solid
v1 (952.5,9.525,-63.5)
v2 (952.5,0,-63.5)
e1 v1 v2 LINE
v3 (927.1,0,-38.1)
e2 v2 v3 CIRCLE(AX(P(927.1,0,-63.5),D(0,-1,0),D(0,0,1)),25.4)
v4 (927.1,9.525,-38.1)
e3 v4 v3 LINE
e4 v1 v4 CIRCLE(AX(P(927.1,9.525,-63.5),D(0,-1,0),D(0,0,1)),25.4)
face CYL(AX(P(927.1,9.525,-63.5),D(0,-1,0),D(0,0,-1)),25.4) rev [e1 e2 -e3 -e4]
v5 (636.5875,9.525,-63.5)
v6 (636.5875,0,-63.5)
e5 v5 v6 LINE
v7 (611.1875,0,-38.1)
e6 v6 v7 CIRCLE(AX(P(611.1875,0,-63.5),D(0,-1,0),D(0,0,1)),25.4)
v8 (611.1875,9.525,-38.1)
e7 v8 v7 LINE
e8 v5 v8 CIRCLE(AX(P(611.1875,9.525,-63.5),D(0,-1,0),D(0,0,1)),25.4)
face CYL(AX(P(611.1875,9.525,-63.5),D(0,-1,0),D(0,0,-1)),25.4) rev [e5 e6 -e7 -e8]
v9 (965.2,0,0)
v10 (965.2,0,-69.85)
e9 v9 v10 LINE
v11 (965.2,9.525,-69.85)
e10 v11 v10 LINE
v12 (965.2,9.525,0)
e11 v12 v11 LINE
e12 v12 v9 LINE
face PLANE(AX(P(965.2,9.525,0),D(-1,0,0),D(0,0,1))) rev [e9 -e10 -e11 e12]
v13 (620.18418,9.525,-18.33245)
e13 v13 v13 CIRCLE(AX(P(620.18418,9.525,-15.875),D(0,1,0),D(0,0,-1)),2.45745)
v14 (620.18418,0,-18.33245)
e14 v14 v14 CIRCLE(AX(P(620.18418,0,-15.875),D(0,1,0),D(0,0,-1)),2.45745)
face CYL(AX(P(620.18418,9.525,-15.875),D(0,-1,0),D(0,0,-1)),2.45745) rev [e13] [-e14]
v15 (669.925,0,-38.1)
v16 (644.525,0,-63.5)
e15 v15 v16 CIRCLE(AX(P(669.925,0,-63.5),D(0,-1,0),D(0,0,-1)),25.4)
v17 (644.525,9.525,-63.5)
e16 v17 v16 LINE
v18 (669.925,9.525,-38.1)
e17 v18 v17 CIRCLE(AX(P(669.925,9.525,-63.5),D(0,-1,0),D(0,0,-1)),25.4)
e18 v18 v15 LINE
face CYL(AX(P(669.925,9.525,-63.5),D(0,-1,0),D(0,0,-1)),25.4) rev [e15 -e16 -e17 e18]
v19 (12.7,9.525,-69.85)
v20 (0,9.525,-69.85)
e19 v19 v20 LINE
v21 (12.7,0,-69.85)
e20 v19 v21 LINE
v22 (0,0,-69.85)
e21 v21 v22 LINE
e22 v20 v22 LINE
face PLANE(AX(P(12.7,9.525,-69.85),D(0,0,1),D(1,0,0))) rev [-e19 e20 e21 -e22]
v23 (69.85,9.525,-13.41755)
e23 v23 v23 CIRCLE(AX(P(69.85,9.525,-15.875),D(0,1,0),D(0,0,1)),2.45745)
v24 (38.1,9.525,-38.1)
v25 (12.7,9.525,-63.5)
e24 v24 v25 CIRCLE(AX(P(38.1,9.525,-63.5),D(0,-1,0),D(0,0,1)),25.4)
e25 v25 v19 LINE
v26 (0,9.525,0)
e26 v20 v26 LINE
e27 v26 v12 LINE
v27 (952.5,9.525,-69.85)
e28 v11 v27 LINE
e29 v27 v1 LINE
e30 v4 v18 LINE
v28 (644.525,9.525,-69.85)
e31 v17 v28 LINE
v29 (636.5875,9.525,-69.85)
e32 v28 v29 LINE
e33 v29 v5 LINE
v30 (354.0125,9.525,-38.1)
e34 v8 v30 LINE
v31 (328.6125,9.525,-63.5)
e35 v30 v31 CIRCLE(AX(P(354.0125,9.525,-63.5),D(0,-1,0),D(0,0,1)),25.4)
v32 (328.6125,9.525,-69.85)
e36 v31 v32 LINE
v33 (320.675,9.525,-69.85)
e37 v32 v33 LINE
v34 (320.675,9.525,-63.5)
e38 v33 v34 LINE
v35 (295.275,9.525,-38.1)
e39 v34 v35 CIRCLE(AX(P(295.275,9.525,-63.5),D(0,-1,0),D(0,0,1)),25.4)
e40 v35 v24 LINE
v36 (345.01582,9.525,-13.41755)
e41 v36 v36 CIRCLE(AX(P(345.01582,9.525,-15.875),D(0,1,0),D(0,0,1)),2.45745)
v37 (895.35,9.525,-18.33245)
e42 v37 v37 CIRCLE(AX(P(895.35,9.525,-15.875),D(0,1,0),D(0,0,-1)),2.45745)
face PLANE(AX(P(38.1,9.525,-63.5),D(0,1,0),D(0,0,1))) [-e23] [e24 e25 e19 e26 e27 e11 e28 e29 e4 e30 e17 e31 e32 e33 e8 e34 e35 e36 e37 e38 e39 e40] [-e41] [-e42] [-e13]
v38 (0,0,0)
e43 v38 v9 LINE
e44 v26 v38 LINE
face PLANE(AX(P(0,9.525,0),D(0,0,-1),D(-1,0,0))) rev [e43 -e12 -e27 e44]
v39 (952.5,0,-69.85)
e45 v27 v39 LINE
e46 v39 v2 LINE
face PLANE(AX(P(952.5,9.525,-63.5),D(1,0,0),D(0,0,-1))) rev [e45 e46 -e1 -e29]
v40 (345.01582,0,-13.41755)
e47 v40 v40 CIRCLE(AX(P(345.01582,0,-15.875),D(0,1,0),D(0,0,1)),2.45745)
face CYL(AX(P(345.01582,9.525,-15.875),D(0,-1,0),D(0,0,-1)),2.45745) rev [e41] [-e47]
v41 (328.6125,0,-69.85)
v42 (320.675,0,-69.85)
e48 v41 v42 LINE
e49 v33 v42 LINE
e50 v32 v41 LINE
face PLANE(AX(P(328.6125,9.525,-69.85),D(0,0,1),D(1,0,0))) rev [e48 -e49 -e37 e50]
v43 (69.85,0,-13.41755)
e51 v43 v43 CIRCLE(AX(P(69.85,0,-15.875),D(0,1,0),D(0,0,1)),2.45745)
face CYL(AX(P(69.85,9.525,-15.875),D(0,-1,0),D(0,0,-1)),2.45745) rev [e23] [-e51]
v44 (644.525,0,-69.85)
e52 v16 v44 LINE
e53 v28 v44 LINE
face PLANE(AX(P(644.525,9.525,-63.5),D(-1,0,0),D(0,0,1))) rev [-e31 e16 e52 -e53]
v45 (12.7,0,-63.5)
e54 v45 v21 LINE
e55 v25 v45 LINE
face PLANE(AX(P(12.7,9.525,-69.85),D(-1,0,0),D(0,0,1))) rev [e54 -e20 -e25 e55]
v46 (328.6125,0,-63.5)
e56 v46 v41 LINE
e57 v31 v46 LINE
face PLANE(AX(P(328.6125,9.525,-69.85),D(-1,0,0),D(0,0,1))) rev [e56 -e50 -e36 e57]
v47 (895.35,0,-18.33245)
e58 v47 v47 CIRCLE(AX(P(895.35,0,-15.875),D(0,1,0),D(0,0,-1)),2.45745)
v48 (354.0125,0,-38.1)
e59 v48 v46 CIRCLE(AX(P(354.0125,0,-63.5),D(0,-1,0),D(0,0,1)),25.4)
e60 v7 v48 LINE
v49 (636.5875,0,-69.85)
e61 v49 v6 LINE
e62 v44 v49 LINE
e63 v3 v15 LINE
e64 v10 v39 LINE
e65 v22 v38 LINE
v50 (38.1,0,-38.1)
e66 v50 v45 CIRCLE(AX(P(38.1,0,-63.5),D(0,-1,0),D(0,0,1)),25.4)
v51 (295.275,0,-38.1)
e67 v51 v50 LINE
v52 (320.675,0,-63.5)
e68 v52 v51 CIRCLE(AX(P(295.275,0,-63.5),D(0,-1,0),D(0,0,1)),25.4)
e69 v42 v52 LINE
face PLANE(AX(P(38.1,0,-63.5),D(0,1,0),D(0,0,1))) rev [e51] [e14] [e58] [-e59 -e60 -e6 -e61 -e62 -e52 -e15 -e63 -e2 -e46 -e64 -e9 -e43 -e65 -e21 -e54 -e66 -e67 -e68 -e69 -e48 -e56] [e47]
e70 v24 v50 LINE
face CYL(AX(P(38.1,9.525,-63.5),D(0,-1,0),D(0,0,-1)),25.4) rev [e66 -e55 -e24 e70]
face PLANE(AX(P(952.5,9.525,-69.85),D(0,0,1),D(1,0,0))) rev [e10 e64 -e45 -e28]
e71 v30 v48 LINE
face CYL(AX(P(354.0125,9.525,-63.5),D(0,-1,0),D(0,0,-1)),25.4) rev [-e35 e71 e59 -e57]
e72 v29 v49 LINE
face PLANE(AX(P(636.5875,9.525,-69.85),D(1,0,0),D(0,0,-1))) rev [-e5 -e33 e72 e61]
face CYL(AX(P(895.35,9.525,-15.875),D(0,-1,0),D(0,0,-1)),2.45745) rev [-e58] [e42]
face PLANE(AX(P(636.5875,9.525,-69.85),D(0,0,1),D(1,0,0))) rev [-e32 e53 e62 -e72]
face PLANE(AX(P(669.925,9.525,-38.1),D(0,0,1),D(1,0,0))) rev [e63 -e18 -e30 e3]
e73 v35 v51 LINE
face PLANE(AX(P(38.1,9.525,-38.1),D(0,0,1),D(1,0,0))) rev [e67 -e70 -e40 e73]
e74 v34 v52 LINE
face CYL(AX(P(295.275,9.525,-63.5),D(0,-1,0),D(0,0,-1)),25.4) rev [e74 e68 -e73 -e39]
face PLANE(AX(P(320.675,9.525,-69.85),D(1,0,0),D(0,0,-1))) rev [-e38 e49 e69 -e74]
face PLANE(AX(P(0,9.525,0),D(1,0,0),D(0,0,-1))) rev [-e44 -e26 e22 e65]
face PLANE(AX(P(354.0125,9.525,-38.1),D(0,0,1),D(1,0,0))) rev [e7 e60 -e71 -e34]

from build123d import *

# Parameters (mm, degrees)
SKETCH1_R           = 2.45745
BOSS_EXTRUDE1_DEPTH = 9.525


with BuildPart() as part:
    # Sketch1 → Boss-Extrude1 (new body)
    with BuildSketch(Plane(origin=(0, 0, 0), x_dir=(1, 0, 0), z_dir=(0, 1, 0))):
        with BuildLine():
            Line((0, 0), (965.2, 0))
            Line((965.2, 0), (965.2, 69.85))
            Line((965.2, 69.85), (952.5, 69.85))
            Line((952.5, 69.85), (952.5, 63.5))
            ThreePointArc((952.5, 63.5), (945.060512242, 45.539487758), (927.1, 38.1))
            Line((927.1, 38.1), (669.925, 38.1))
            ThreePointArc((669.925, 38.1), (651.964487758, 45.539487758), (644.525, 63.5))
            Line((644.525, 63.5), (644.525, 69.85))
            Line((644.525, 69.85), (636.5875, 69.85))
            Line((636.5875, 69.85), (636.5875, 63.5))
            ThreePointArc((636.5875, 63.5), (629.148012242, 45.539487758), (611.1875, 38.1))
            Line((611.1875, 38.1), (354.0125, 38.1))
            ThreePointArc((354.0125, 38.1), (336.051987758, 45.539487758), (328.6125, 63.5))
            Line((328.6125, 63.5), (328.6125, 69.85))
            Line((328.6125, 69.85), (320.675, 69.85))
            Line((320.675, 69.85), (320.675, 63.5))
            ThreePointArc((320.675, 63.5), (313.235512242, 45.539487758), (295.275, 38.1))
            Line((295.275, 38.1), (38.1, 38.1))
            ThreePointArc((38.1, 38.1), (20.139487758, 45.539487758), (12.7, 63.5))
            Line((12.7, 63.5), (12.7, 69.85))
            Line((12.7, 69.85), (0, 69.85))
            Line((0, 69.85), (0, 0))
        make_face()
        with Locations((69.85, 15.875)):
            Circle(SKETCH1_R, mode=Mode.SUBTRACT)
        with Locations((345.01582, 15.875)):
            Circle(SKETCH1_R, mode=Mode.SUBTRACT)
        with Locations((895.35, 15.875)):
            Circle(SKETCH1_R, mode=Mode.SUBTRACT)
        with Locations((620.18418, 15.875)):
            Circle(SKETCH1_R, mode=Mode.SUBTRACT)
    extrude(amount=BOSS_EXTRUDE1_DEPTH)


solid = part.part
